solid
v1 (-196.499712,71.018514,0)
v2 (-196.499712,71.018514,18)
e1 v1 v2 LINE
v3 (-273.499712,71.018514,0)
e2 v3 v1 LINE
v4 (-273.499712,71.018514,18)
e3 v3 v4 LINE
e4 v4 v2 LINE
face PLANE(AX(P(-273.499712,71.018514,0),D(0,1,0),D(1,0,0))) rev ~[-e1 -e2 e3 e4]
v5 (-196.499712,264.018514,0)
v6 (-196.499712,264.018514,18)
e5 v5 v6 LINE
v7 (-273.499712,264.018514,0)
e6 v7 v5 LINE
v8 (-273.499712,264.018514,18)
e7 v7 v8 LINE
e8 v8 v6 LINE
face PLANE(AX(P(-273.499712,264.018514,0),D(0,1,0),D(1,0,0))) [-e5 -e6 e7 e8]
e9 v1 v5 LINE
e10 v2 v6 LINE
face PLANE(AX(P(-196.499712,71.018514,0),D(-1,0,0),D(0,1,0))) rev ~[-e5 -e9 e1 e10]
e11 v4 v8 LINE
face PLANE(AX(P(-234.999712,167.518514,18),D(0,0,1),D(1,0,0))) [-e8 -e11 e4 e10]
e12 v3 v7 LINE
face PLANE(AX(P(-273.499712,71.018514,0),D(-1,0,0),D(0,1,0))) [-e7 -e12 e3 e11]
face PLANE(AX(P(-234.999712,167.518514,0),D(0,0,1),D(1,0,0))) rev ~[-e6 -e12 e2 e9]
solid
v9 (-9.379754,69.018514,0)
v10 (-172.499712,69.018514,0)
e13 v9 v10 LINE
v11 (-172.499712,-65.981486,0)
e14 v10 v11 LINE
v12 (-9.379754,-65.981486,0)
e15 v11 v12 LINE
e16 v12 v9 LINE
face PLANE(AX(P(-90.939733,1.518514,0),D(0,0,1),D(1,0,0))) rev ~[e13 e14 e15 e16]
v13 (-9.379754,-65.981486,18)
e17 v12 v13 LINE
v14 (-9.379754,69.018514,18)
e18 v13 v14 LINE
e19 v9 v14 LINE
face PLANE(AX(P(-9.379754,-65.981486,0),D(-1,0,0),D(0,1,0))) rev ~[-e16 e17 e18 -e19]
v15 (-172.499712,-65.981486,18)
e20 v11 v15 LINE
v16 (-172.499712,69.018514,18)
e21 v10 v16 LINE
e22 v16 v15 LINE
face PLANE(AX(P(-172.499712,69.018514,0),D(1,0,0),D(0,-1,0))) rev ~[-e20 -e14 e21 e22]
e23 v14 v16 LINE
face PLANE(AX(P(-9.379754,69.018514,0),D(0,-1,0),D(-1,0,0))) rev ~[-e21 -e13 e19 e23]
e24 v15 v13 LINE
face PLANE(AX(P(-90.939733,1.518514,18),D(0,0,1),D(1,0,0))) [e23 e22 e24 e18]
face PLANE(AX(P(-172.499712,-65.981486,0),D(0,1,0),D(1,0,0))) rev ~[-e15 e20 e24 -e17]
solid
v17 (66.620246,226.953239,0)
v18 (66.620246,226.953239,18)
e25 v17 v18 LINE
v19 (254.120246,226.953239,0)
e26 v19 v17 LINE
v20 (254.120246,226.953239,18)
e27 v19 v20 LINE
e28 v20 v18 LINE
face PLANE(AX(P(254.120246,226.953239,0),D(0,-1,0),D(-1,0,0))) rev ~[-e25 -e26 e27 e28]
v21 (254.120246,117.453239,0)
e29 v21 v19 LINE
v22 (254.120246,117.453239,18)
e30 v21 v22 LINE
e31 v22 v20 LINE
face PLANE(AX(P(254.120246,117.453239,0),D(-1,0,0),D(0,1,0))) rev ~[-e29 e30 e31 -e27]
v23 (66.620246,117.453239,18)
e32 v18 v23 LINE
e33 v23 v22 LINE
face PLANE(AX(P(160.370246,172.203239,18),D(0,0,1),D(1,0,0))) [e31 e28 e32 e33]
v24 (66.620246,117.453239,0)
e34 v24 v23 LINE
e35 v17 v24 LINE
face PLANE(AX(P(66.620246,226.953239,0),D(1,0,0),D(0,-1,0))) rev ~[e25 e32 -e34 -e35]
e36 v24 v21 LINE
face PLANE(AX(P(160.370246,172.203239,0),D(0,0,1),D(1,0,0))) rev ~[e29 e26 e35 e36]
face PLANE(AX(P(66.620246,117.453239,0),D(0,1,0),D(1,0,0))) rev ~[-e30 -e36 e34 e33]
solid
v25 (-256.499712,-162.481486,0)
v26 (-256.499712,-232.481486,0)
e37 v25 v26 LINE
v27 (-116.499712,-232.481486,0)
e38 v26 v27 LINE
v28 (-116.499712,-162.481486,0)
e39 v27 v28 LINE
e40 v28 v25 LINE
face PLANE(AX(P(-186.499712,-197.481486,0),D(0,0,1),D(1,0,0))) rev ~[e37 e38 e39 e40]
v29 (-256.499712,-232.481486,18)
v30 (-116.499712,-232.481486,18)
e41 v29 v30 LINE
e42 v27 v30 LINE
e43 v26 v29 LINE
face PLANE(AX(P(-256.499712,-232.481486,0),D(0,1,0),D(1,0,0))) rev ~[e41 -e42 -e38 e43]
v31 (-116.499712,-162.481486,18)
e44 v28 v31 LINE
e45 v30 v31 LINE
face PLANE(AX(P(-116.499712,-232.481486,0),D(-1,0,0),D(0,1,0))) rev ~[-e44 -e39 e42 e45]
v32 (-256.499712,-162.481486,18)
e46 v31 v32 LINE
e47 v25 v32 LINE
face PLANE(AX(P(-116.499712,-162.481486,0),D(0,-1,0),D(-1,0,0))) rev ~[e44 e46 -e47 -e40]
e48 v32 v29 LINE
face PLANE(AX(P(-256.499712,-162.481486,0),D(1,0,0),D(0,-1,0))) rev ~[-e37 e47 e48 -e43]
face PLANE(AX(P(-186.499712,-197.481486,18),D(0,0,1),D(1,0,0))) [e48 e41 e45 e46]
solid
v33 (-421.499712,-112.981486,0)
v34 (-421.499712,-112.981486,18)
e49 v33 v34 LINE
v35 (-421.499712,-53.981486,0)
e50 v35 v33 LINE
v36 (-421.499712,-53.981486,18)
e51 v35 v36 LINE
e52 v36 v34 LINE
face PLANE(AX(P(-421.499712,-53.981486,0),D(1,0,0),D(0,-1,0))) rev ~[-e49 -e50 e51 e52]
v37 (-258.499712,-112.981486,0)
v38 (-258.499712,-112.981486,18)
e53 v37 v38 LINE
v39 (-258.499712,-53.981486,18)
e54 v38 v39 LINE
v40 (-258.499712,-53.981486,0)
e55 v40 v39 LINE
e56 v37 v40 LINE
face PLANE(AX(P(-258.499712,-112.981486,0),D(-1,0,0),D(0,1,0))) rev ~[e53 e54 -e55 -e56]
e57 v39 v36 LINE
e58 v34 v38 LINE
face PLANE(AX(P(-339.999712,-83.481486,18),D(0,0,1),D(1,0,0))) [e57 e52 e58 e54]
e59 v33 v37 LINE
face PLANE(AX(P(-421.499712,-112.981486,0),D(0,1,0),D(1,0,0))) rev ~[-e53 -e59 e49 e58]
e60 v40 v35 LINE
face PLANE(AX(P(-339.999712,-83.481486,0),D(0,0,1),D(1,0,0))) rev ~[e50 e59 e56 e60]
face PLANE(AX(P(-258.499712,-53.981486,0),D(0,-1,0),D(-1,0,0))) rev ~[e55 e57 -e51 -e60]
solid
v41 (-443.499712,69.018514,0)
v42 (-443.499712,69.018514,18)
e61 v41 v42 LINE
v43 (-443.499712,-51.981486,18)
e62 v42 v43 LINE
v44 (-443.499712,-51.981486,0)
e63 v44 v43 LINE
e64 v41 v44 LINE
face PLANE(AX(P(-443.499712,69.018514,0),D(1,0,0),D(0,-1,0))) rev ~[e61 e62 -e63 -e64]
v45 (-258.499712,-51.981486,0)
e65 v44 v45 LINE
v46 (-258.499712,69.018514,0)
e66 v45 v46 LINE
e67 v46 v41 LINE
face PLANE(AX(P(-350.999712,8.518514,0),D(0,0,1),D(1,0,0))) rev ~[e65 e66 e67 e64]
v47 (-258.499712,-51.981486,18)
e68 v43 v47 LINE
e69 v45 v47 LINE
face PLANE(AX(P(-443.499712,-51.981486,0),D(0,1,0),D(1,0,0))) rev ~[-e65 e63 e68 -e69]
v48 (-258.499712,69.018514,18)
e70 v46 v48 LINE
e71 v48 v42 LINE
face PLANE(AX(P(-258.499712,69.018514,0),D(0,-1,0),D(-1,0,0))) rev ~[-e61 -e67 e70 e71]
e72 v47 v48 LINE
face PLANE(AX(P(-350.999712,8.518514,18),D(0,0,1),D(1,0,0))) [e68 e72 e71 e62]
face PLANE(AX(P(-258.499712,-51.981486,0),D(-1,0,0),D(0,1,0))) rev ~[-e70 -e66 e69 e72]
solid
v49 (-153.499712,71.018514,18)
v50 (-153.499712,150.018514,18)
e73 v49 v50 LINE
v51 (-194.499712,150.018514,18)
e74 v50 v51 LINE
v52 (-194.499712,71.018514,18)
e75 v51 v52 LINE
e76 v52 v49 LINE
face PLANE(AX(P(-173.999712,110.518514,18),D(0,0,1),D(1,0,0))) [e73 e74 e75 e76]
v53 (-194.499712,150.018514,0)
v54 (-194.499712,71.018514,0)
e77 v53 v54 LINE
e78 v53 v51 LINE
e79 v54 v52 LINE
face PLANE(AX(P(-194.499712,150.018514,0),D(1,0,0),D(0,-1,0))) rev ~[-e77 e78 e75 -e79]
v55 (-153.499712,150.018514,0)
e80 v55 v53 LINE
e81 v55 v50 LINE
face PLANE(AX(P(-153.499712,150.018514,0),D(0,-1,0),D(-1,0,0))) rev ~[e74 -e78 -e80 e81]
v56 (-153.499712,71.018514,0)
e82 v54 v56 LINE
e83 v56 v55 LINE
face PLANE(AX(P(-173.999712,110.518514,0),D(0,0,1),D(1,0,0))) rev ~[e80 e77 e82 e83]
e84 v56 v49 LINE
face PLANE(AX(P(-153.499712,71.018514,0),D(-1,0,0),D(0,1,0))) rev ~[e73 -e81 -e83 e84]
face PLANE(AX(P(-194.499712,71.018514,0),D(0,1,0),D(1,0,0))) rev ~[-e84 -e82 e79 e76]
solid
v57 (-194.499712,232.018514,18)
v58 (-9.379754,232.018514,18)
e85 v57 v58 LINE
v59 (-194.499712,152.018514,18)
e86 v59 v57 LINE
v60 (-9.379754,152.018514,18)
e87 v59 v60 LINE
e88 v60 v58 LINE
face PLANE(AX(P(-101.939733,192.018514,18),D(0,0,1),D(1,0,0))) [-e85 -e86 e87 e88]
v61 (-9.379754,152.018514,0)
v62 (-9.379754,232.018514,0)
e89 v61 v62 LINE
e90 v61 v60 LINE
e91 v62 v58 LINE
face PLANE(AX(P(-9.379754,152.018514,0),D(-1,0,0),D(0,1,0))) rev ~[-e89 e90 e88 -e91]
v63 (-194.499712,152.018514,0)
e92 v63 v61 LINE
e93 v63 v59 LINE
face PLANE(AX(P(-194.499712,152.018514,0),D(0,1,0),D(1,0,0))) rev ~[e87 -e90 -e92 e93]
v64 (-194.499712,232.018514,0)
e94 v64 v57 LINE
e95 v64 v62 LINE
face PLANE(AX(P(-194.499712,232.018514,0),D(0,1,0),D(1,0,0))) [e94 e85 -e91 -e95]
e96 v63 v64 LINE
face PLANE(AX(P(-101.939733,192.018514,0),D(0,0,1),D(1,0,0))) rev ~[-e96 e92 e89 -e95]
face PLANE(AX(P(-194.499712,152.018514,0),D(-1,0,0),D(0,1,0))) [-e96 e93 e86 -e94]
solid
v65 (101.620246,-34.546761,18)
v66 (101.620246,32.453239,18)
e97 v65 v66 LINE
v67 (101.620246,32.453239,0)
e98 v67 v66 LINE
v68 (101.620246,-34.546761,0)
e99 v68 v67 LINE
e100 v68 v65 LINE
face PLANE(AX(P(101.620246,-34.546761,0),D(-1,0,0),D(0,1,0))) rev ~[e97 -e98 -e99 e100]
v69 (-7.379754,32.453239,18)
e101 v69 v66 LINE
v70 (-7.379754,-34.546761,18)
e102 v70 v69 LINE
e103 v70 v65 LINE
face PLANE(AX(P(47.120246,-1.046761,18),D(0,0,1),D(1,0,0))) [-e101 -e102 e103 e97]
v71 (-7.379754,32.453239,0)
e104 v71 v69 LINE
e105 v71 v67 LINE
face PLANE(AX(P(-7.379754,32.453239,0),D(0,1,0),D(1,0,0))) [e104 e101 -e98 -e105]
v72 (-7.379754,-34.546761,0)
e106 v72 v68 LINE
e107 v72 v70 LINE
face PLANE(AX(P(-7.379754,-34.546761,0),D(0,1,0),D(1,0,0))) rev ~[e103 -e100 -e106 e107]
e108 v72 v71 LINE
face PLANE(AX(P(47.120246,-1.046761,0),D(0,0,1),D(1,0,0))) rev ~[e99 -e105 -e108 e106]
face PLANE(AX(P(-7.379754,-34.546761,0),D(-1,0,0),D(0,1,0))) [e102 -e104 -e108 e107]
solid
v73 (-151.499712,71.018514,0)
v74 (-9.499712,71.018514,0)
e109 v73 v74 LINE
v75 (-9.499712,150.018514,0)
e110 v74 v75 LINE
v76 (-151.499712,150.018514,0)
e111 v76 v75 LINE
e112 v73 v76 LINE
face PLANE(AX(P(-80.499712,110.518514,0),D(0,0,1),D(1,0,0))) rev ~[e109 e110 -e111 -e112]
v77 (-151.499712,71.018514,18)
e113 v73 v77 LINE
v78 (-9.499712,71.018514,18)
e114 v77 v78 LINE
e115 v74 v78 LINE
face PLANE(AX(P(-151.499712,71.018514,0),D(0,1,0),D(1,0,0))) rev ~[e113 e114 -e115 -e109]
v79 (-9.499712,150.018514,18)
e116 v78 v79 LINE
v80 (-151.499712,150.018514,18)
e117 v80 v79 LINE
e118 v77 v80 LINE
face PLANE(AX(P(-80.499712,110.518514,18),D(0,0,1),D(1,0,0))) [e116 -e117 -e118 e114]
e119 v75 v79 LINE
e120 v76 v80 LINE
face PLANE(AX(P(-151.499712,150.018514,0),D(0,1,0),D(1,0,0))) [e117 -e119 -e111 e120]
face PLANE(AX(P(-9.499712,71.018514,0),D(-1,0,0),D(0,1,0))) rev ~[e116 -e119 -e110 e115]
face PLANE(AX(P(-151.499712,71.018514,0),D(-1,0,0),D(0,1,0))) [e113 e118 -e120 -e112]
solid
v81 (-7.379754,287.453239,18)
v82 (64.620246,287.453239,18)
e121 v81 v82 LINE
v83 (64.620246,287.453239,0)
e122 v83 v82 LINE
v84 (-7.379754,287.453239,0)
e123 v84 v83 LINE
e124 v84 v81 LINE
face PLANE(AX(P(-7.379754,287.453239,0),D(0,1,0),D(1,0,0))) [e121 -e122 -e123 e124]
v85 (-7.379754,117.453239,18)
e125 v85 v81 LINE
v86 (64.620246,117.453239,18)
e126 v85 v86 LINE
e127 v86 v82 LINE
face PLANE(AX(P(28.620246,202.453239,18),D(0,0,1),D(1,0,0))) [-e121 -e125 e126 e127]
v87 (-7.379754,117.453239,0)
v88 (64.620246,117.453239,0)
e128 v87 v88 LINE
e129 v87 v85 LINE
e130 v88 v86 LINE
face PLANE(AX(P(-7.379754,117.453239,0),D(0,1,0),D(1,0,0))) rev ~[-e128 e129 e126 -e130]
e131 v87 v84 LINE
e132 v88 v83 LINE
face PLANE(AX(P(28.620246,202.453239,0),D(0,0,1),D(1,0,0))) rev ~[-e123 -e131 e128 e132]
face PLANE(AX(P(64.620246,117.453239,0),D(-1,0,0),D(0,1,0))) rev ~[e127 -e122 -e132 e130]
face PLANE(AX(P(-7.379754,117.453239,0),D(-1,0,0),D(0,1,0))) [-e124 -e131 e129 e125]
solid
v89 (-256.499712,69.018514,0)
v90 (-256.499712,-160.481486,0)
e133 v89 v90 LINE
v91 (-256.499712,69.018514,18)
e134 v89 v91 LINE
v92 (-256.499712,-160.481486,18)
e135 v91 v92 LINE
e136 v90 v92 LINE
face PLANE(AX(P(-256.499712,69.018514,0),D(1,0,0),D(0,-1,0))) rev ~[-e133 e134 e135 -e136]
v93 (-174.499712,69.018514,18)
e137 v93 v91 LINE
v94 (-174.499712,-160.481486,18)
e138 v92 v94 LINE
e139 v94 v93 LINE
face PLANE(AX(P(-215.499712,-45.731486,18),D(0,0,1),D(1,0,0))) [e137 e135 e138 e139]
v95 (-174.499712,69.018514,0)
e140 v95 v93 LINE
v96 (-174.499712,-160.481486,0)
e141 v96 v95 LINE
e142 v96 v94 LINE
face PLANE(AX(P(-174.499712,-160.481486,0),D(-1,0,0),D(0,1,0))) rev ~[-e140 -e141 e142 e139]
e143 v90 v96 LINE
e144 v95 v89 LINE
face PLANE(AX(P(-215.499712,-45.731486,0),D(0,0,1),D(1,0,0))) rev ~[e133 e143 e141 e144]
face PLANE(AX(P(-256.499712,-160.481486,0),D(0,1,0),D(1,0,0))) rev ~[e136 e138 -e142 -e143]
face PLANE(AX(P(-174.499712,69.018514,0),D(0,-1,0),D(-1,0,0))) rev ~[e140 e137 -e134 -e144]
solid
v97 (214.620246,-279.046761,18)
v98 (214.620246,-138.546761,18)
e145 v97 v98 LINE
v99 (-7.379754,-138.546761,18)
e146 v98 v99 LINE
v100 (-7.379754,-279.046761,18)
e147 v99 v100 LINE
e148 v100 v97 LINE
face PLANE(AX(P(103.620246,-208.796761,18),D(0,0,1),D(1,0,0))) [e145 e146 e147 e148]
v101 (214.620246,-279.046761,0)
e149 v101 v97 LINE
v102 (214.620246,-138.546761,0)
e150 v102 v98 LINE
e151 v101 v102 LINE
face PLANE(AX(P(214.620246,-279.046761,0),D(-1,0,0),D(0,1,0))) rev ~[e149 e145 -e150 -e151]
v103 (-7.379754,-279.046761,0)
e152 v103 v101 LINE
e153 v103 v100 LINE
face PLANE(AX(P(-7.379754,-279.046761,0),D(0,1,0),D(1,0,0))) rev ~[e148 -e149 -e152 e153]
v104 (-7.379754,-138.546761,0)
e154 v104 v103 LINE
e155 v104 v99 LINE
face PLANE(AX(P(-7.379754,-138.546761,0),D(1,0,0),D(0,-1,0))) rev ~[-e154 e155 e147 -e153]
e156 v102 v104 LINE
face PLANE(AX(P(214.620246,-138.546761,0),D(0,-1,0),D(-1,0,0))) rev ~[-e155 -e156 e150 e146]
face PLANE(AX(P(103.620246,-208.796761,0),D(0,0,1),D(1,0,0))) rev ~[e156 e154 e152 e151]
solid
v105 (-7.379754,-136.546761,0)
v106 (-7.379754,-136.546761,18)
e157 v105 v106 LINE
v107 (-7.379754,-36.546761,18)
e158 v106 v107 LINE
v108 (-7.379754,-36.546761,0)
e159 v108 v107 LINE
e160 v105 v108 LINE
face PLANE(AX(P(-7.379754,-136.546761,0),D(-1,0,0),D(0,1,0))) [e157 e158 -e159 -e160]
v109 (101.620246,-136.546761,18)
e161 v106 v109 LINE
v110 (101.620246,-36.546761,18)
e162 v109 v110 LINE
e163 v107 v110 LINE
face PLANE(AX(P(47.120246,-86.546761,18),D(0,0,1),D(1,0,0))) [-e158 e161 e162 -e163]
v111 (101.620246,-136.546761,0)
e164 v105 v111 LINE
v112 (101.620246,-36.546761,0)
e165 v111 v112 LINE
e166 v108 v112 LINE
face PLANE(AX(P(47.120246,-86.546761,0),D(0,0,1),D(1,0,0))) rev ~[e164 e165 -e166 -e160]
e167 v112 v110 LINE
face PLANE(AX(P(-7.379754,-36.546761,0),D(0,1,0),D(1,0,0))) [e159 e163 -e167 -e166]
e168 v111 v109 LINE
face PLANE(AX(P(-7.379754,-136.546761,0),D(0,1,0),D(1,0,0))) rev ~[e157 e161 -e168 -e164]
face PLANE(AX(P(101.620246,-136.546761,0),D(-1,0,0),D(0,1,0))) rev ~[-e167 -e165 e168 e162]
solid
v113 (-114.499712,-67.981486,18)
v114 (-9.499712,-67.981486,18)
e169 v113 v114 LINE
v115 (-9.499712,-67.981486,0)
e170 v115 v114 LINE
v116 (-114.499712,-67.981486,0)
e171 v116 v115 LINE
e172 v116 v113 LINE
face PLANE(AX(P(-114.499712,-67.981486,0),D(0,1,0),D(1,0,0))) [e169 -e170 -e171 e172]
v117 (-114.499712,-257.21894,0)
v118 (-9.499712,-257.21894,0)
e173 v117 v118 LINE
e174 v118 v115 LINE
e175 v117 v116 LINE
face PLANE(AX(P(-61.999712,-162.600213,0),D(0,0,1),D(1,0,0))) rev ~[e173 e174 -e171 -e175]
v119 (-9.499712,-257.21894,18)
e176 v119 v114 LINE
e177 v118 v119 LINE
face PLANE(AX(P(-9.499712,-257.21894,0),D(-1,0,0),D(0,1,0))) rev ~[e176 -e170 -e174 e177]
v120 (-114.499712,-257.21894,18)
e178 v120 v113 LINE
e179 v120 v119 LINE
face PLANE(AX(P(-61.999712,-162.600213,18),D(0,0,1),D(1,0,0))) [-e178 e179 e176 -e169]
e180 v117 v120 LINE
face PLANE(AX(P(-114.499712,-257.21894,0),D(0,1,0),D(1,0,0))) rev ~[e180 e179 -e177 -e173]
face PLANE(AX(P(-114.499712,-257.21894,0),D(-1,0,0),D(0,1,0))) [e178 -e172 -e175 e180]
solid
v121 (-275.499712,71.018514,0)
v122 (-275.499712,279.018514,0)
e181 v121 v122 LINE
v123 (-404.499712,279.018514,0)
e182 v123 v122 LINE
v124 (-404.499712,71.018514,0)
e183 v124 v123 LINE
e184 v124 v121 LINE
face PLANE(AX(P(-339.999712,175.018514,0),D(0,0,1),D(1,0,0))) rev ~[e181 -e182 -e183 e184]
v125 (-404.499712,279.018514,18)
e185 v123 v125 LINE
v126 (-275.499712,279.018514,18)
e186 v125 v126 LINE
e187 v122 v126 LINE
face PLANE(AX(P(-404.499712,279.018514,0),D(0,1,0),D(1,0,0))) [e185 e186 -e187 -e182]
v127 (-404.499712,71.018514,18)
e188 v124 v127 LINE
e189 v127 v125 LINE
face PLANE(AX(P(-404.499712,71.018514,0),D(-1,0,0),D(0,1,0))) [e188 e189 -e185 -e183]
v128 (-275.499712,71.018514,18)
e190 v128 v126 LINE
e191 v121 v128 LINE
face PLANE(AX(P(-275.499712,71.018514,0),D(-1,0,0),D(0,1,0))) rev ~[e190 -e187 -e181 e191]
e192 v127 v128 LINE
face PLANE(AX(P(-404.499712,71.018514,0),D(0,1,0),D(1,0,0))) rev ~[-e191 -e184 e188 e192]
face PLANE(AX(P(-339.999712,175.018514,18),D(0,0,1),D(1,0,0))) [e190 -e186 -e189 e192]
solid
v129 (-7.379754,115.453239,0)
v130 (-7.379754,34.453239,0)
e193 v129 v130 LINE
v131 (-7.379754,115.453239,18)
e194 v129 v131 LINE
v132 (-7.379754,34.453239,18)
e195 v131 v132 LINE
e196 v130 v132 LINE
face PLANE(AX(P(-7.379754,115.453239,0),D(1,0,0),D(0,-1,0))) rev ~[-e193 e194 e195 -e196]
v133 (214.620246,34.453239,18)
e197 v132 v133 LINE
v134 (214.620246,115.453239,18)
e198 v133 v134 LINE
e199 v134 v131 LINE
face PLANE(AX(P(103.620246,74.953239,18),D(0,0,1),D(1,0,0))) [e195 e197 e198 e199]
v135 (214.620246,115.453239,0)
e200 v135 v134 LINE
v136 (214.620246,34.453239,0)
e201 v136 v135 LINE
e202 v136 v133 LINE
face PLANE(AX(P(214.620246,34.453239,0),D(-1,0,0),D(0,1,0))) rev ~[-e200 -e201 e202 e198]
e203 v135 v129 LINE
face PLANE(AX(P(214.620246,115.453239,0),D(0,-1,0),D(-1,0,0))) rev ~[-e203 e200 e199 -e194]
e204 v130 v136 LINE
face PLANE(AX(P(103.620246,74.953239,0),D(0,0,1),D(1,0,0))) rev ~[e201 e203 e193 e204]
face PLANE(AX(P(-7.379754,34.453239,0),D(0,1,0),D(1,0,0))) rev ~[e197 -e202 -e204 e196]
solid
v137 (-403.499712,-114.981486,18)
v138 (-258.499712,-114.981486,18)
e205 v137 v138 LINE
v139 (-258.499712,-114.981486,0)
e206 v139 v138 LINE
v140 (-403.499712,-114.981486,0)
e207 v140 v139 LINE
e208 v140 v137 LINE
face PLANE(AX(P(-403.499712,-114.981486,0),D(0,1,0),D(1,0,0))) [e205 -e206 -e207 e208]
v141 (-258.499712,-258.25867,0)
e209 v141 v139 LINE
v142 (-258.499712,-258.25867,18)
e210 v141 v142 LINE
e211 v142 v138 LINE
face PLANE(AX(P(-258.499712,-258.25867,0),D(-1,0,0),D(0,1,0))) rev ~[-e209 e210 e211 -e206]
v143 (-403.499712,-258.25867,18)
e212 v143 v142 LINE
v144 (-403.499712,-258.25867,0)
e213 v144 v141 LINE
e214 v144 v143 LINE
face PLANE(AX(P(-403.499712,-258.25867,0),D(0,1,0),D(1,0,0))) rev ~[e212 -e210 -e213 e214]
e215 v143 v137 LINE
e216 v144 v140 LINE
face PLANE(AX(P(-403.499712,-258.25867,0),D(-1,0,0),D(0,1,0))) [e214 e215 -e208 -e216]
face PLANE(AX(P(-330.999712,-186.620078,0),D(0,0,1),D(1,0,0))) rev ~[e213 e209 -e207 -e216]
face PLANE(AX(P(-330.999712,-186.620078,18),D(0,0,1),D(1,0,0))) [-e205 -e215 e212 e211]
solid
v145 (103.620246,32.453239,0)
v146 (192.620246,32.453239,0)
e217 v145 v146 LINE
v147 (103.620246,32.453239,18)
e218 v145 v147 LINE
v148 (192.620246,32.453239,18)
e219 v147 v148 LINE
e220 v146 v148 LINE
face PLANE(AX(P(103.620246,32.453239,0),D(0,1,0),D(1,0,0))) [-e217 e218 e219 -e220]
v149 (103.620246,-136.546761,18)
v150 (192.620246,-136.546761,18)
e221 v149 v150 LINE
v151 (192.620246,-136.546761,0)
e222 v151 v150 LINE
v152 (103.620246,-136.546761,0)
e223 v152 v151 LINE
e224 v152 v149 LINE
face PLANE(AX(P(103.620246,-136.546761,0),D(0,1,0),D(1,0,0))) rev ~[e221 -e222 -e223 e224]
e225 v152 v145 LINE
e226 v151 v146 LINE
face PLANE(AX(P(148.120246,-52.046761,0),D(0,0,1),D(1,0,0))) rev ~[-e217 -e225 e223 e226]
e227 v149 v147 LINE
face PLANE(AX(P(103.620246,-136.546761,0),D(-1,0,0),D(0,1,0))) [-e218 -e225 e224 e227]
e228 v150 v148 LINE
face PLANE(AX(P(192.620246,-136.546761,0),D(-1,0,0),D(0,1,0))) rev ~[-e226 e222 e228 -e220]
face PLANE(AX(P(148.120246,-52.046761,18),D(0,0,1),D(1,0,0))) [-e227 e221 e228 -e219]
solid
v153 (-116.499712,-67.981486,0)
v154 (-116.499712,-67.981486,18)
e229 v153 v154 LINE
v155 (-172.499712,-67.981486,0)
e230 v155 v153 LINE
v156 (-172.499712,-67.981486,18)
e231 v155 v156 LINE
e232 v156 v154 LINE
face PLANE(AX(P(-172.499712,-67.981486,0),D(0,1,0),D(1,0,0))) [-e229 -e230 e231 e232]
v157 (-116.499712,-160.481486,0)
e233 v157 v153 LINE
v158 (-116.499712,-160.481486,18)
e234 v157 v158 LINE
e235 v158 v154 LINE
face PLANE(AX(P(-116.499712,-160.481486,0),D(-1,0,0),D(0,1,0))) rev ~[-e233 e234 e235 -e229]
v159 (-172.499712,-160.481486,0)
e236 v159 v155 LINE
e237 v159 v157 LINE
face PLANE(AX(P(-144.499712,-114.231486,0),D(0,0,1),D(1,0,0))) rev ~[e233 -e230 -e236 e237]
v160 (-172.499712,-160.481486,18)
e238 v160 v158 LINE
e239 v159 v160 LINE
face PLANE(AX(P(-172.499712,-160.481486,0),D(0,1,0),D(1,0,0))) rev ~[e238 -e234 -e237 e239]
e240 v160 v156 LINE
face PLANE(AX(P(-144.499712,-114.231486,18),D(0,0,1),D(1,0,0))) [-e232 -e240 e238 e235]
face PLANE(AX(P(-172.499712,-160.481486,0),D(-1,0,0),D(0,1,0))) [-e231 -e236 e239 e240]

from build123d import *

# Parameters (mm, degrees)
F0_W     = 145
F0_H     = 143.277185
F0_W_2   = 109
F0_H_2   = 67
F0_H_3   = 100
F0_W_3   = 89
F0_H_4   = 169
F0_W_4   = 72
F0_H_5   = 170
F0_W_5   = 105
F0_H_6   = 189.237455
F0_W_6   = 185.119958
F0_H_7   = 80
F0_W_7   = 77
F0_H_8   = 193
F0_W_8   = 129
F0_H_9   = 208
F0_W_9   = 142
F0_H_10  = 79
F0_W_10  = 56
F0_H_11  = 92.5
F1_DEPTH = 18


with BuildPart() as f1:
    # F0 (on Top) → F1 (new body)
    with BuildSketch(Plane.XY):
        with Locations((-330.999712, -186.620078)):
            Rectangle(F0_W, F0_H)
        with Locations((47.120246, -1.046761)):
            Rectangle(F0_W_2, F0_H_2)
        Polygon((-152.499712, 69.018514), (-172.499712, 69.018514), (-172.499712, -65.981486), (-9.379754, -65.981486), (-9.379754, -35.546761), (-9.379754, 33.453239), (-9.379754, 69.018514), align=None)
        with Locations((47.120246, -86.546761)):
            Rectangle(F0_W_2, F0_H_3)
        Polygon((-174.499712, 69.018514), (-195.499712, 69.018514), (-256.499712, 69.018514), (-256.499712, -52.981486), (-256.499712, -113.981486), (-256.499712, -160.481486), (-174.499712, -160.481486), (-174.499712, -66.981486), align=None)
        Polygon((-7.379754, -138.546761), (-7.379754, -279.046761), (214.620246, -279.046761), (214.620246, -138.546761), (192.620246, -138.546761), (102.620246, -138.546761), align=None)
        with Locations((148.120246, -52.046761)):
            Rectangle(F0_W_3, F0_H_4)
        Polygon((-7.379754, 34.453239), (214.620246, 34.453239), (214.620246, 115.453239), (65.620246, 115.453239), (-7.379754, 115.453239), align=None)
        with Locations((28.620246, 202.453239)):
            Rectangle(F0_W_4, F0_H_5)
        Polygon((254.120246, 226.953239), (66.620246, 226.953239), (66.620246, 117.453239), (214.620246, 117.453239), (254.120246, 117.453239), align=None)
        with Locations((-61.999712, -162.600213)):
            Rectangle(F0_W_5, F0_H_6)
        with Locations((-101.939733, 192.018514)):
            Rectangle(F0_W_6, F0_H_7)
        Polygon((-404.499712, 69.018514), (-443.499712, 69.018514), (-443.499712, -51.981486), (-421.499712, -51.981486), (-258.499712, -51.981486), (-258.499712, 69.018514), (-274.499712, 69.018514), (-275.499712, 69.018514), align=None)
        Polygon((-256.499712, -232.481486), (-116.499712, -232.481486), (-116.499712, -162.481486), (-173.499712, -162.481486), (-256.499712, -162.481486), align=None)
        with Locations((-234.999712, 167.518514)):
            Rectangle(F0_W_7, F0_H_8)
        with Locations((-339.999712, 175.018514)):
            Rectangle(F0_W_8, F0_H_9)
        Polygon((-194.499712, 150.018514), (-194.499712, 71.018514), (-173.499712, 71.018514), (-153.499712, 71.018514), (-153.499712, 150.018514), align=None)
        with Locations((-80.499712, 110.518514)):
            Rectangle(F0_W_9, F0_H_10)
        with Locations((-144.499712, -114.231486)):
            Rectangle(F0_W_10, F0_H_11)
        Polygon((-258.499712, -112.981486), (-258.499712, -53.981486), (-421.499712, -53.981486), (-421.499712, -112.981486), (-403.499712, -112.981486), align=None)
    extrude(amount=F1_DEPTH)


solid = f1.part
